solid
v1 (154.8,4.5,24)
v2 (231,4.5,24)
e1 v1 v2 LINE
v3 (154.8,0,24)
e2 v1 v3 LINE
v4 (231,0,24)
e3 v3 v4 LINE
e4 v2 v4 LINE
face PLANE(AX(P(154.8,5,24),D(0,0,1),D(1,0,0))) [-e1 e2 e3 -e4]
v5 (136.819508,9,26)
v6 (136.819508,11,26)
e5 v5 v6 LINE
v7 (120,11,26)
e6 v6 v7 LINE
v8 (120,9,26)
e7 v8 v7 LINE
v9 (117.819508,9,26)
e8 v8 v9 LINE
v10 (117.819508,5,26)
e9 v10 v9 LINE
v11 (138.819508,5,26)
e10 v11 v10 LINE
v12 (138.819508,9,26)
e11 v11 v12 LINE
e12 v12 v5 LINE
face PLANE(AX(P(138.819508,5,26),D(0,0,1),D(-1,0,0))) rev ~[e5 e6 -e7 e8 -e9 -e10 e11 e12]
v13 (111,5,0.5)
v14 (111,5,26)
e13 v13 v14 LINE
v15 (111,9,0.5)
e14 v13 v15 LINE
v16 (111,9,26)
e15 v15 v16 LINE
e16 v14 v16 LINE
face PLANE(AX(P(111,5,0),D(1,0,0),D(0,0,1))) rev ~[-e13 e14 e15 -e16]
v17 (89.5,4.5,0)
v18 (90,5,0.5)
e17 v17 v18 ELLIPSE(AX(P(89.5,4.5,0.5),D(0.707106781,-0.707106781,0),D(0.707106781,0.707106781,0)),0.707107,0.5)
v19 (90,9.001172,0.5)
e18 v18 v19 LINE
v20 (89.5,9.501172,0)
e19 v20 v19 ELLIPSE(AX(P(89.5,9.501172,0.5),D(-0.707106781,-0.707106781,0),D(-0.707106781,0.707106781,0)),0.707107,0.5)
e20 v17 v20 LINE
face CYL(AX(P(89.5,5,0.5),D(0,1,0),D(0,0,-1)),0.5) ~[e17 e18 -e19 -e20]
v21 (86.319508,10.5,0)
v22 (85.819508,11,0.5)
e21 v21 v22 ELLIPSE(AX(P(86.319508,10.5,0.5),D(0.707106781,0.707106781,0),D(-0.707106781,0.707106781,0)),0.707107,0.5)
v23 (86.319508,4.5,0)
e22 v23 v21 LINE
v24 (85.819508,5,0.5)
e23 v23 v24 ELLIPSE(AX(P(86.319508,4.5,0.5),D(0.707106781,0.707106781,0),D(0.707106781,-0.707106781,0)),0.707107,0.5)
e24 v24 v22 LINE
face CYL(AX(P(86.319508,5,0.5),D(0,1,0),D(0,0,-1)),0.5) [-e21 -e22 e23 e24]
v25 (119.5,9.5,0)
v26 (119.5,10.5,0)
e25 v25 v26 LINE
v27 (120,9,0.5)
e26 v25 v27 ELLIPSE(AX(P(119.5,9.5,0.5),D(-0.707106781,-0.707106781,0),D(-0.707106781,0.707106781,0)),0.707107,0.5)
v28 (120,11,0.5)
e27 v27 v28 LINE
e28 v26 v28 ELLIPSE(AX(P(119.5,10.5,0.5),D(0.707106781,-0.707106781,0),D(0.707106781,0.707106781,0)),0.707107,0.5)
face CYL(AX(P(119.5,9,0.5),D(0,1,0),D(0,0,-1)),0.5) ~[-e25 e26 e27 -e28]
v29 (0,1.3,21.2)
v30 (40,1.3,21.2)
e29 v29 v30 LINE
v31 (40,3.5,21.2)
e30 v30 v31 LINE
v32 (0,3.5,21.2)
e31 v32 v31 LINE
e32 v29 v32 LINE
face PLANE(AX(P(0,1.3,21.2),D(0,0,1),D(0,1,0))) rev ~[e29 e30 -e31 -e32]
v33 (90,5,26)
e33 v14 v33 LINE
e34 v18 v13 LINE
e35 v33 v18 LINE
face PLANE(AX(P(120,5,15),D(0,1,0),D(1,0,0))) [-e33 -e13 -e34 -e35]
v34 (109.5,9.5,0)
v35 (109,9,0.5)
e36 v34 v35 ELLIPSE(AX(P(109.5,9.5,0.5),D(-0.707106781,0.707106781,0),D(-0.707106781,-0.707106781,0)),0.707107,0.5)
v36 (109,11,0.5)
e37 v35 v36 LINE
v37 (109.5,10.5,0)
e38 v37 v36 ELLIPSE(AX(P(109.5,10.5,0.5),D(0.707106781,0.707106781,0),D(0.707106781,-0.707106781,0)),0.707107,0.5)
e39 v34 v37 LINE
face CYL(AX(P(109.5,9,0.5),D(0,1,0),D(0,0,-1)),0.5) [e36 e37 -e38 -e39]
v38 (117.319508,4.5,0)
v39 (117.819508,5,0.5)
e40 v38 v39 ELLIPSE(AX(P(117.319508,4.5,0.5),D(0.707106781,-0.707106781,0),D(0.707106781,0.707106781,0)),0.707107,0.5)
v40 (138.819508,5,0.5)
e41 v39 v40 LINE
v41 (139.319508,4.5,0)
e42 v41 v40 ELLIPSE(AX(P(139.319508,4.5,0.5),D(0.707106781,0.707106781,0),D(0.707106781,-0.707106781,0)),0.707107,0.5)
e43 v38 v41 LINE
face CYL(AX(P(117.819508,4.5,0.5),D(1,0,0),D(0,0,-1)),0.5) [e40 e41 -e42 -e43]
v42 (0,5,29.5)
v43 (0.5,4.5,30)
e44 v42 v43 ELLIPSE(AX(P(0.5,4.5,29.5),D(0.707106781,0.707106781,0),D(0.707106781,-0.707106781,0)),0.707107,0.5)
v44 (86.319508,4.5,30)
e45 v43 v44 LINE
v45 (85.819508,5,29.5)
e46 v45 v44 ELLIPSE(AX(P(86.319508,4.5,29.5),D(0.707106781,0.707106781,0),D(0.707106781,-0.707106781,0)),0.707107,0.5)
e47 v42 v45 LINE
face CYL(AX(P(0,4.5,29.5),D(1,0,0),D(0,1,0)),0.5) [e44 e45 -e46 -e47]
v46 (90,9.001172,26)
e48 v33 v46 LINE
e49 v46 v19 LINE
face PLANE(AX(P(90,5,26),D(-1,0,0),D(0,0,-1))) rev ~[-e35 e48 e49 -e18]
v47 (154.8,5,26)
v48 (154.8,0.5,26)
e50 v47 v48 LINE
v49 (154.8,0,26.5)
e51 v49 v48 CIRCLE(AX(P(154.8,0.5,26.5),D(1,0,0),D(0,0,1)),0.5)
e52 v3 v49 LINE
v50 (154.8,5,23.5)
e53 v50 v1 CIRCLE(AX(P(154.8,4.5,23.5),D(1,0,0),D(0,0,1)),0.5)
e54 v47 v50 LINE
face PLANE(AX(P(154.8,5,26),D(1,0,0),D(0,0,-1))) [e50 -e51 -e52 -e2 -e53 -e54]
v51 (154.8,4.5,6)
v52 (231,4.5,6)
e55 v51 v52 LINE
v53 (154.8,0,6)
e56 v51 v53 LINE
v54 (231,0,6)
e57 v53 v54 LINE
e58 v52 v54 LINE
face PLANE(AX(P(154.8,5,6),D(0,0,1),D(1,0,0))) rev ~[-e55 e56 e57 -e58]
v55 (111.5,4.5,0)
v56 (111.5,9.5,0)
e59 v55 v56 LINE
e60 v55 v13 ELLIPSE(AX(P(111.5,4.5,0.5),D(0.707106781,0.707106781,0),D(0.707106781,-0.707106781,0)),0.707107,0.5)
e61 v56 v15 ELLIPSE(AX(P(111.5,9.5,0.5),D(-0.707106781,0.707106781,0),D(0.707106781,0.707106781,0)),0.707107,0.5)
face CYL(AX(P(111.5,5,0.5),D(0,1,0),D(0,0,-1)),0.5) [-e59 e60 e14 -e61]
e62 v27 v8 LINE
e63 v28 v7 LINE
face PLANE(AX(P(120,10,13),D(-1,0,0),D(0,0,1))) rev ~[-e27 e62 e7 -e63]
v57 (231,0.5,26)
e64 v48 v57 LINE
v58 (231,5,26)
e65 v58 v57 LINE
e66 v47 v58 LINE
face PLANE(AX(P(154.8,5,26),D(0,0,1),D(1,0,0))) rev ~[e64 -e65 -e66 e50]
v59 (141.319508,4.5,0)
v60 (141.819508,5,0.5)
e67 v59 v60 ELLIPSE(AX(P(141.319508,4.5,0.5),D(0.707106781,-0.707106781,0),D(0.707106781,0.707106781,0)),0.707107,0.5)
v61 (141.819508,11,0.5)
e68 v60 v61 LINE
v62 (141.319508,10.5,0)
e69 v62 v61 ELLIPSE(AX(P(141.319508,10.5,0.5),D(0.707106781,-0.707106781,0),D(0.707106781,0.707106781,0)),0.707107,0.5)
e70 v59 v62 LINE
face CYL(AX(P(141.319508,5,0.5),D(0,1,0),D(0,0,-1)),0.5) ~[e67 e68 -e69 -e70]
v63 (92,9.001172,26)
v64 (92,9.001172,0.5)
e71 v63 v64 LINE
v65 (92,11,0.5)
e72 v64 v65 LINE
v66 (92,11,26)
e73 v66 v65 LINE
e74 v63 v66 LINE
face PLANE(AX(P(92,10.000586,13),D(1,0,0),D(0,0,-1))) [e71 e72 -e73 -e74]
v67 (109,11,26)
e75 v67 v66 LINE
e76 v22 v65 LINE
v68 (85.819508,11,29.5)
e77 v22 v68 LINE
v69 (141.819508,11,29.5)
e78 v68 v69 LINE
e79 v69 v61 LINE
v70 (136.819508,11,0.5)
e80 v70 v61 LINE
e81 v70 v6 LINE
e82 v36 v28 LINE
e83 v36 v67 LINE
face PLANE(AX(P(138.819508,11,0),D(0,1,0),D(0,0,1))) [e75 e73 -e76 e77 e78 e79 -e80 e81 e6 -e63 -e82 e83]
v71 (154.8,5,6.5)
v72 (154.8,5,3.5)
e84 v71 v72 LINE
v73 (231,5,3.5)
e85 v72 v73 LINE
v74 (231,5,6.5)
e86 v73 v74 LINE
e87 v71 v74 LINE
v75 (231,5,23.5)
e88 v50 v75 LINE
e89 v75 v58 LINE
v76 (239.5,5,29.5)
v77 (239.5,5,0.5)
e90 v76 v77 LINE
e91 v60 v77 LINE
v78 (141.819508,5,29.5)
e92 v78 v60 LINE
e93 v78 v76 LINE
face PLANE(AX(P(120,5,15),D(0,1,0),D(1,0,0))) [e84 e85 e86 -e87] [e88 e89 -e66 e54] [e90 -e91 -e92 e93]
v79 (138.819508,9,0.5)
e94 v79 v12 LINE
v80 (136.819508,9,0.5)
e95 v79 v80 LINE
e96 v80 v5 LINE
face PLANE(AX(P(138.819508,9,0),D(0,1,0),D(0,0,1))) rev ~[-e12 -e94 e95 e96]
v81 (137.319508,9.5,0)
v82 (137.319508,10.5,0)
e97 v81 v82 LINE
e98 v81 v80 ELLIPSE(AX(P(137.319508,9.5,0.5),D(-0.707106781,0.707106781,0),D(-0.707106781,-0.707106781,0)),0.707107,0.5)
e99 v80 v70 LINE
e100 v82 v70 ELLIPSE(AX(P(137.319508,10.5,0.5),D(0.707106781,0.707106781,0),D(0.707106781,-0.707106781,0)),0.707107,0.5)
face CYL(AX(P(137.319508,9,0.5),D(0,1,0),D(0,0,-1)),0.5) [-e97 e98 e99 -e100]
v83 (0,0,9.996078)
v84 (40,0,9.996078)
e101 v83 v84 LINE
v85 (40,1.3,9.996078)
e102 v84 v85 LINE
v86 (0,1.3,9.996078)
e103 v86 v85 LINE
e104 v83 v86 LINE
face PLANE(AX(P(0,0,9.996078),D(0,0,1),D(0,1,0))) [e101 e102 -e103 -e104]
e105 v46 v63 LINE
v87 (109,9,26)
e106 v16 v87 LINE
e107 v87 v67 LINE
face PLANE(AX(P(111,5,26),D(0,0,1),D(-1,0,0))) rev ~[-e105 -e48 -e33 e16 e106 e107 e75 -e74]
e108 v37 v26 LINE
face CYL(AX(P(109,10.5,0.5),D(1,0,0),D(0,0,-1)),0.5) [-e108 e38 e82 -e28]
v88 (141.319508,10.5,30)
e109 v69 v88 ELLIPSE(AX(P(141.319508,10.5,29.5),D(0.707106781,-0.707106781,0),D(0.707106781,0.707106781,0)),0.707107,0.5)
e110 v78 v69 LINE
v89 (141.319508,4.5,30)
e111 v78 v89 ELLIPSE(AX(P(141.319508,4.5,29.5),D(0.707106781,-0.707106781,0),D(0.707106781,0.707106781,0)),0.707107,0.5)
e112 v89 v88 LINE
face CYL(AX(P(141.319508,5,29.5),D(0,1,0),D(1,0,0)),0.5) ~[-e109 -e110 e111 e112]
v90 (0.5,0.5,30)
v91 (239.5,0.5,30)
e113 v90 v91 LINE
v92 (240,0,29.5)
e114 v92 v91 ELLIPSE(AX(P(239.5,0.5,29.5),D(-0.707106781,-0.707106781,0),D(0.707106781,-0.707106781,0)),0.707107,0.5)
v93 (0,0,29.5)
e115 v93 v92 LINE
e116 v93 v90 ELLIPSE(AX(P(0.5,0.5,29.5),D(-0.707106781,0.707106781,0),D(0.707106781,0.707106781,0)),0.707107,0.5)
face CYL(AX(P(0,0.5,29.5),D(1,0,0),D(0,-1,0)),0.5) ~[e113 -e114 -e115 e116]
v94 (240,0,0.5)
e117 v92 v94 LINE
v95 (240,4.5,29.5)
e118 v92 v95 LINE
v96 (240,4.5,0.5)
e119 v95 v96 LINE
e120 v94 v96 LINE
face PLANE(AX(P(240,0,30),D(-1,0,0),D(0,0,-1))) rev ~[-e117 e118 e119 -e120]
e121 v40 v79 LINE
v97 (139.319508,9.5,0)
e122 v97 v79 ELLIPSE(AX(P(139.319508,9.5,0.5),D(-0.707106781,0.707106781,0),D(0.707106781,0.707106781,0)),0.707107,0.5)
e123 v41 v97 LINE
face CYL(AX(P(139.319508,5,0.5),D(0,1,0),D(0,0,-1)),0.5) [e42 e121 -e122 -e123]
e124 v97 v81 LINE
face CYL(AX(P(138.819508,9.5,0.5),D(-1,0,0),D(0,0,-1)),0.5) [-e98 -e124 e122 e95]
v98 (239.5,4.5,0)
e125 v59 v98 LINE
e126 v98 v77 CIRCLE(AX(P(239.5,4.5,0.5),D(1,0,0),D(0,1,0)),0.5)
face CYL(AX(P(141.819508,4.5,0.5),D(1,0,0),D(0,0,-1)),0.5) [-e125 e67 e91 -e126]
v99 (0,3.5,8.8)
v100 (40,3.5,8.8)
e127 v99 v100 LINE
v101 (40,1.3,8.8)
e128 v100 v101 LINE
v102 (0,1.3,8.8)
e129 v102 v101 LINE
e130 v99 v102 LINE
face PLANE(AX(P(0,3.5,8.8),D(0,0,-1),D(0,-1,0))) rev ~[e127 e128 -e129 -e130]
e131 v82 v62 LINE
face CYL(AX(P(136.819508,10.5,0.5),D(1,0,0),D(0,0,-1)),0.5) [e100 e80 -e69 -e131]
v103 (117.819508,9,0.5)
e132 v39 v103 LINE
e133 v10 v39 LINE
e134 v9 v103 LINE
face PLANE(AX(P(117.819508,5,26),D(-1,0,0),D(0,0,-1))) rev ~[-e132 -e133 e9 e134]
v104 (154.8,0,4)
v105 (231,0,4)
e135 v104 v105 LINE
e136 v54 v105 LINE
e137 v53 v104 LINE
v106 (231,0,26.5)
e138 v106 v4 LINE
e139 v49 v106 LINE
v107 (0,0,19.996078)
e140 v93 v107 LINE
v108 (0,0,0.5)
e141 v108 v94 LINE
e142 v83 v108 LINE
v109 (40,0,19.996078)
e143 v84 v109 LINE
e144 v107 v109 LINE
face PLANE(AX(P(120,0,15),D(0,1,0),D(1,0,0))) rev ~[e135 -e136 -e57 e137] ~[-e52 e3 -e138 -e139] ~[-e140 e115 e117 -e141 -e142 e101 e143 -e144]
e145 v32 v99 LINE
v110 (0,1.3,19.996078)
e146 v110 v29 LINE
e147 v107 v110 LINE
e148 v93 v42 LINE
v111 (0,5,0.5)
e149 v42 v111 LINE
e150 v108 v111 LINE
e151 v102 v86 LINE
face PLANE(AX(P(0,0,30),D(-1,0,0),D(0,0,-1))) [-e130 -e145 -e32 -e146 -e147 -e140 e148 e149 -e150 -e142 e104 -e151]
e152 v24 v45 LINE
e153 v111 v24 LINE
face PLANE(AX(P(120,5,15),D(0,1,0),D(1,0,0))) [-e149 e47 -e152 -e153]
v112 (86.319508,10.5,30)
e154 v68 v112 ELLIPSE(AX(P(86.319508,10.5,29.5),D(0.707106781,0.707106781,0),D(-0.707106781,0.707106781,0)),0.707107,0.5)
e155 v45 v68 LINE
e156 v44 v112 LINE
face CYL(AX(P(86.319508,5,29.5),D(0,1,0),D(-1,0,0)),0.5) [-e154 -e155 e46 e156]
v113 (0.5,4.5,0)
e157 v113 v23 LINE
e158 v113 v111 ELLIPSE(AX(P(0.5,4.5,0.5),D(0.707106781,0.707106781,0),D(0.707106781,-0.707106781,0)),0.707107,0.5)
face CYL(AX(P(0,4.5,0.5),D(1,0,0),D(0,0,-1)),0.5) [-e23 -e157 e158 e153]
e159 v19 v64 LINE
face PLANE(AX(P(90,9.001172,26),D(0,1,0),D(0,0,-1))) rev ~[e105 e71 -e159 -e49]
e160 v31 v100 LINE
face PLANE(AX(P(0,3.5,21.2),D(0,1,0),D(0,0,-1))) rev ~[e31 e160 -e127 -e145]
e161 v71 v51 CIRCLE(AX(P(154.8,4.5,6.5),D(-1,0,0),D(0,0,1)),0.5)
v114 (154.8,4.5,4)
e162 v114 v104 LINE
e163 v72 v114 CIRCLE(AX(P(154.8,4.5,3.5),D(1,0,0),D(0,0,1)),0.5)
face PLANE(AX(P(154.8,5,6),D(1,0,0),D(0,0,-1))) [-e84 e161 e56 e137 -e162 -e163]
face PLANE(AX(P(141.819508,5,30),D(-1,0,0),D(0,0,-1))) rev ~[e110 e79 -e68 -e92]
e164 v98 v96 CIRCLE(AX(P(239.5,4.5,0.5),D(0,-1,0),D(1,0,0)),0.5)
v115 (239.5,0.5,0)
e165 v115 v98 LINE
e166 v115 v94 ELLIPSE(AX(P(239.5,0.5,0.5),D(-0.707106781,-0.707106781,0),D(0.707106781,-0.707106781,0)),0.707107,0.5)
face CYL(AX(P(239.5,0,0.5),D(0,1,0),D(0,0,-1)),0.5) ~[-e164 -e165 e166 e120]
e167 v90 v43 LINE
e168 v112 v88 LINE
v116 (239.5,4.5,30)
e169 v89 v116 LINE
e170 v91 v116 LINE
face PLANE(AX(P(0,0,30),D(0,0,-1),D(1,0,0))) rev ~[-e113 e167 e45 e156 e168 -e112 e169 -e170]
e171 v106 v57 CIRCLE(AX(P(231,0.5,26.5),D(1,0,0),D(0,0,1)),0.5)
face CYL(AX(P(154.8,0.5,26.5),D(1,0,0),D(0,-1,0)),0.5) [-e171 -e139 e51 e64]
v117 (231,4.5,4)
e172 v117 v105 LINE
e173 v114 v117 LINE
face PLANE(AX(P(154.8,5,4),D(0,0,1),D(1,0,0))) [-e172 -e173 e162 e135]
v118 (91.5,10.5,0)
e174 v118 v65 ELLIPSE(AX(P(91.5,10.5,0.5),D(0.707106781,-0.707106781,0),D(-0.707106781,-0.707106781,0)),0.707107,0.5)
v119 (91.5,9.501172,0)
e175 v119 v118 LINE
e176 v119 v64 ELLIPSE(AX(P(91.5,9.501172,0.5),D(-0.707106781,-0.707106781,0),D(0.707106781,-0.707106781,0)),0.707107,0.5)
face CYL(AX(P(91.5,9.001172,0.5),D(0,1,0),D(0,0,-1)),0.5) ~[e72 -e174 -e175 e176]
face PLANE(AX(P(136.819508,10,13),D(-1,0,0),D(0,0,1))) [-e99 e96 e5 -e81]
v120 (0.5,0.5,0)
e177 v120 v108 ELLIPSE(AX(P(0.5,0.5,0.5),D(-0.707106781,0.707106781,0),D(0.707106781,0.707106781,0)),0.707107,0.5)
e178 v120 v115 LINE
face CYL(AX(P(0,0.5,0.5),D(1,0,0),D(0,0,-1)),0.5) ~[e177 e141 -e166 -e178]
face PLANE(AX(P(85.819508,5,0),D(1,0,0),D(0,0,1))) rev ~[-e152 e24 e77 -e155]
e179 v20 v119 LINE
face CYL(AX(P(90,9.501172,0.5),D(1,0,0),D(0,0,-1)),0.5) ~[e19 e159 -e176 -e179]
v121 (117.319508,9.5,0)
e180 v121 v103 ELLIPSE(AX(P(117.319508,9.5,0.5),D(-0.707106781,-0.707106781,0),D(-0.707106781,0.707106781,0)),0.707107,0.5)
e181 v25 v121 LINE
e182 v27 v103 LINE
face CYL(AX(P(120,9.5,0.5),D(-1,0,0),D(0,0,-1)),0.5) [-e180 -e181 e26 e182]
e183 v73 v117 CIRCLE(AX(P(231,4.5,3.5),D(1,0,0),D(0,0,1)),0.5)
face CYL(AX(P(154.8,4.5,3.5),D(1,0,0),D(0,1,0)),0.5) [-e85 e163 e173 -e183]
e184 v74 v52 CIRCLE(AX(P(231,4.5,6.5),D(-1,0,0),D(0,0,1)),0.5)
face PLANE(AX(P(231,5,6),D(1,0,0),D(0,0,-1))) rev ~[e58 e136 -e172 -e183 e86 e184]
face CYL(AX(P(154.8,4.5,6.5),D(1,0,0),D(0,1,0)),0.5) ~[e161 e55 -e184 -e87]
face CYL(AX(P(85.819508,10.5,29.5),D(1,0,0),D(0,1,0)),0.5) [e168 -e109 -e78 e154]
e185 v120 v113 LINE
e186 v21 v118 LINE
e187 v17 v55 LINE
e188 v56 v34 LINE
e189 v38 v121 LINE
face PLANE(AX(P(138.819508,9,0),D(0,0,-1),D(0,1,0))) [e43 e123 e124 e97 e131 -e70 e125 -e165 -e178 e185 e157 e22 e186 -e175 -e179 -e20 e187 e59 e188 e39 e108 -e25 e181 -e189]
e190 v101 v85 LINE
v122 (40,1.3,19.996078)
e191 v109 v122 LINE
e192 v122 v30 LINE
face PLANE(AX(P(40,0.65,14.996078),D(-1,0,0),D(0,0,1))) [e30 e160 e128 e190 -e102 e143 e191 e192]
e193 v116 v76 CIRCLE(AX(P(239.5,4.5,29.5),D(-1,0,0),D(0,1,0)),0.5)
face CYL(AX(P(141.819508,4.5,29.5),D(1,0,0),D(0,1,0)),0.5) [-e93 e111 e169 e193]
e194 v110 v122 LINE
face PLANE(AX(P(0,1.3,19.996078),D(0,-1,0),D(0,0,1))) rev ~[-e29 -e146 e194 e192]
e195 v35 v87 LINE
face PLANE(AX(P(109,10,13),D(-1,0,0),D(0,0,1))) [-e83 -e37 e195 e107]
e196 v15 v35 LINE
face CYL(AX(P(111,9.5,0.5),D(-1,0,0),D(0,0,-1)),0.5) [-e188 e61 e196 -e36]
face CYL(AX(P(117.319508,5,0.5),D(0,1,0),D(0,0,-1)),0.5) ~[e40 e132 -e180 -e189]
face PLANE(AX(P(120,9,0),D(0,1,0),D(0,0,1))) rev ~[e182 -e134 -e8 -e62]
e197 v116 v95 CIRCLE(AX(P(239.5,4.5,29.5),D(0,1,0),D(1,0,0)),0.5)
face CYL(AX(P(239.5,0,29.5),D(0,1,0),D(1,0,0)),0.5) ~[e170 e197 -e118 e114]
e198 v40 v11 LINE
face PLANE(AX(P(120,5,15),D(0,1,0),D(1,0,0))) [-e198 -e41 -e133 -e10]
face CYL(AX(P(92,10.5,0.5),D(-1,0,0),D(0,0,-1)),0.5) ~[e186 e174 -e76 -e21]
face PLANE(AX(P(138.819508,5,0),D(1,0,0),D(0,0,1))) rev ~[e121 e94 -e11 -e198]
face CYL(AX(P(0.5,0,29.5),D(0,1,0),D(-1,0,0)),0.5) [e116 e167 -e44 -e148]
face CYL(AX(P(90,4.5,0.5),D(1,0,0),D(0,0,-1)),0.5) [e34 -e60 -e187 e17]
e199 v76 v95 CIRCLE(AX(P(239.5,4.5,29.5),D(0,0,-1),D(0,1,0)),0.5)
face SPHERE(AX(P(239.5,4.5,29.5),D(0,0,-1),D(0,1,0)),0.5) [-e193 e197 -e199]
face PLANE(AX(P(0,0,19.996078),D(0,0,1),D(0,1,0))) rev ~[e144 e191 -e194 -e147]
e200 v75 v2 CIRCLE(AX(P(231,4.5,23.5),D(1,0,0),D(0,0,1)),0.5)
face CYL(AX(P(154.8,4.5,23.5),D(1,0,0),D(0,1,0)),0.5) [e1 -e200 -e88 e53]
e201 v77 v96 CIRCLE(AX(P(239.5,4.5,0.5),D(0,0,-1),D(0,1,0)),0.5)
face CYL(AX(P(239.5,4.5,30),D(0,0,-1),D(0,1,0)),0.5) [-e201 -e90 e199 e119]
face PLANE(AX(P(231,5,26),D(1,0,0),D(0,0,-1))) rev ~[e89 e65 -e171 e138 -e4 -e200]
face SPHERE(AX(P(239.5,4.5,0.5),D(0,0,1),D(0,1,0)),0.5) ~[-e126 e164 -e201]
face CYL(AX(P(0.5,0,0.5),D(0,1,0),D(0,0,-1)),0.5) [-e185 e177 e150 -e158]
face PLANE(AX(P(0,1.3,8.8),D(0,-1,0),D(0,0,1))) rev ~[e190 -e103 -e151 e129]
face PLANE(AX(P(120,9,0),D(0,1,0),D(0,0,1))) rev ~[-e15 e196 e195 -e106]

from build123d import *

# Parameters (mm, degrees)
SKETCH2_W                = 240
SKETCH2_H                = 30
BOSS_EXTRUDE1_DEPTH      = 5
BOSS_EXTRUDE2_DEPTH      = 6
BOSS_EXTRUDE3_DEPTH      = 2
BOSS_EXTRUDE3_DEPTH_BACK = 9
SKETCH4_W                = 26
SKETCH4_H                = 2
SKETCH5_W                = 26
SKETCH5_H                = 1.998827679
BOSS_EXTRUDE4_DEPTH      = 2
SKETCH6_W                = 26
SKETCH6_H                = 2
BOSS_EXTRUDE5_DEPTH      = 2
SKETCH8_W                = 76.2
SKETCH8_H                = 2
CUT_EXTRUDE1_DEPTH       = 6
SKETCH9_W                = 10
SKETCH9_H                = 1.3
CUT_EXTRUDE2_DEPTH       = 40
FILLET1_R                = 0.5


with BuildPart() as part:
    # Sketch2 → Boss-Extrude1 (new body)
    with BuildSketch(Plane(origin=(0, 0, 0), x_dir=(1, 0, 0), z_dir=(0, 1, 0))):
        with Locations((120, -15)):
            Rectangle(SKETCH2_W, SKETCH2_H)
    extrude(amount=BOSS_EXTRUDE1_DEPTH)

    # Sketch3 → Boss-Extrude2 (add)
    with BuildSketch(Plane(origin=(0, 5, 0), x_dir=(1, 0, 0), z_dir=(0, 1, 0))):
        Polygon((90, 0), (85.819507893, 0), (85.819507893, -30), (141.819507893, -30), (141.819507893, 0), (138.819507893, 0), (138.819507893, -26), (117.819507893, -26), (117.819507893, 0), (111, 0), (111, -26), (90, -26), align=None)
    extrude(amount=BOSS_EXTRUDE2_DEPTH)

    # Sketch4 → Boss-Extrude3 (add, two sides: drawn at the far end of the back side and taken through both)
    with BuildSketch(Plane.ZY.offset(-111).offset(-BOSS_EXTRUDE3_DEPTH_BACK)):
        with Locations((13, 10)):
            Rectangle(SKETCH4_W, SKETCH4_H)
    extrude(amount=BOSS_EXTRUDE3_DEPTH + BOSS_EXTRUDE3_DEPTH_BACK)

    # Sketch5 → Boss-Extrude4 (add)
    with BuildSketch(Plane(origin=(90, 0, 0), x_dir=(0, 0, -1), z_dir=(1, 0, 0))):
        with Locations((-13, 10.00058616)):
            Rectangle(SKETCH5_W, SKETCH5_H)
    extrude(amount=BOSS_EXTRUDE4_DEPTH)

    # Sketch6 → Boss-Extrude5 (add)
    with BuildSketch(Plane.ZY.offset(-138.819507893)):
        with Locations((13, 10)):
            Rectangle(SKETCH6_W, SKETCH6_H)
    extrude(amount=BOSS_EXTRUDE5_DEPTH)

    # Sketch8 → Cut-Extrude1 (cut)
    with BuildSketch(Plane(origin=(0, 5, 0), x_dir=(1, 0, 0), z_dir=(0, 1, 0))):
        with Locations((192.9, -25)):
            Rectangle(SKETCH8_W, SKETCH8_H)
        with Locations((192.9, -5)):
            Rectangle(SKETCH8_W, SKETCH8_H)
    extrude(amount=-CUT_EXTRUDE1_DEPTH, mode=Mode.SUBTRACT)

    # Sketch9 → Cut-Extrude2 (cut)
    with BuildSketch(Plane.ZY):
        with Locations((14.996078434, 0.65)):
            Rectangle(SKETCH9_W, SKETCH9_H)
        Polygon((21.2, 1.3), (21.2, 3.5), (15, 3.5), (8.8, 3.5), (8.8, 1.3), align=None)
    extrude(amount=-CUT_EXTRUDE2_DEPTH, mode=Mode.SUBTRACT)

    # Fillet1
    fillet1_edges = [part.edges().sort_by_distance(p)[0] for p in [
        (192.9, 0, 26),
        (42.909753947, 5, 30),
        (192.9, 5, 4),
        (192.9, 5, 6),
        (192.9, 5, 24),
        (240, 5, 15),
        (190.909753947, 5, 30),
        (100.5, 5, 0),
        (128.319507893, 5, 0),
        (190.909753947, 5, 0),
        (42.909753947, 5, 0),
        (85.819507893, 8, 0),
        (85.819507893, 8, 30),
        (141.819507893, 8, 30),
        (141.819507893, 8, 0),
        (113.819507893, 11, 30),
        (139.319507893, 11, 0),
        (114.5, 11, 0),
        (88.909753947, 11, 0),
        (111, 7, 0),
        (117.819507893, 7, 0),
        (118.909753947, 9, 0),
        (120, 10, 0),
        (120, 0, 0),
        (110, 9, 0),
        (109, 10, 0),
        (120, 0, 30),
        (90, 7.000586161, 0),
        (91, 9.001172321, 0),
        (92, 10.000586161, 0),
        (138.819507893, 7, 0),
        (0, 2.5, 0),
        (137.819507893, 9, 0),
        (240, 2.5, 0),
        (136.819507893, 10, 0),
        (240, 2.5, 30),
        (0, 2.5, 30),
    ]]
    fillet(fillet1_edges, radius=FILLET1_R)


solid = part.part
